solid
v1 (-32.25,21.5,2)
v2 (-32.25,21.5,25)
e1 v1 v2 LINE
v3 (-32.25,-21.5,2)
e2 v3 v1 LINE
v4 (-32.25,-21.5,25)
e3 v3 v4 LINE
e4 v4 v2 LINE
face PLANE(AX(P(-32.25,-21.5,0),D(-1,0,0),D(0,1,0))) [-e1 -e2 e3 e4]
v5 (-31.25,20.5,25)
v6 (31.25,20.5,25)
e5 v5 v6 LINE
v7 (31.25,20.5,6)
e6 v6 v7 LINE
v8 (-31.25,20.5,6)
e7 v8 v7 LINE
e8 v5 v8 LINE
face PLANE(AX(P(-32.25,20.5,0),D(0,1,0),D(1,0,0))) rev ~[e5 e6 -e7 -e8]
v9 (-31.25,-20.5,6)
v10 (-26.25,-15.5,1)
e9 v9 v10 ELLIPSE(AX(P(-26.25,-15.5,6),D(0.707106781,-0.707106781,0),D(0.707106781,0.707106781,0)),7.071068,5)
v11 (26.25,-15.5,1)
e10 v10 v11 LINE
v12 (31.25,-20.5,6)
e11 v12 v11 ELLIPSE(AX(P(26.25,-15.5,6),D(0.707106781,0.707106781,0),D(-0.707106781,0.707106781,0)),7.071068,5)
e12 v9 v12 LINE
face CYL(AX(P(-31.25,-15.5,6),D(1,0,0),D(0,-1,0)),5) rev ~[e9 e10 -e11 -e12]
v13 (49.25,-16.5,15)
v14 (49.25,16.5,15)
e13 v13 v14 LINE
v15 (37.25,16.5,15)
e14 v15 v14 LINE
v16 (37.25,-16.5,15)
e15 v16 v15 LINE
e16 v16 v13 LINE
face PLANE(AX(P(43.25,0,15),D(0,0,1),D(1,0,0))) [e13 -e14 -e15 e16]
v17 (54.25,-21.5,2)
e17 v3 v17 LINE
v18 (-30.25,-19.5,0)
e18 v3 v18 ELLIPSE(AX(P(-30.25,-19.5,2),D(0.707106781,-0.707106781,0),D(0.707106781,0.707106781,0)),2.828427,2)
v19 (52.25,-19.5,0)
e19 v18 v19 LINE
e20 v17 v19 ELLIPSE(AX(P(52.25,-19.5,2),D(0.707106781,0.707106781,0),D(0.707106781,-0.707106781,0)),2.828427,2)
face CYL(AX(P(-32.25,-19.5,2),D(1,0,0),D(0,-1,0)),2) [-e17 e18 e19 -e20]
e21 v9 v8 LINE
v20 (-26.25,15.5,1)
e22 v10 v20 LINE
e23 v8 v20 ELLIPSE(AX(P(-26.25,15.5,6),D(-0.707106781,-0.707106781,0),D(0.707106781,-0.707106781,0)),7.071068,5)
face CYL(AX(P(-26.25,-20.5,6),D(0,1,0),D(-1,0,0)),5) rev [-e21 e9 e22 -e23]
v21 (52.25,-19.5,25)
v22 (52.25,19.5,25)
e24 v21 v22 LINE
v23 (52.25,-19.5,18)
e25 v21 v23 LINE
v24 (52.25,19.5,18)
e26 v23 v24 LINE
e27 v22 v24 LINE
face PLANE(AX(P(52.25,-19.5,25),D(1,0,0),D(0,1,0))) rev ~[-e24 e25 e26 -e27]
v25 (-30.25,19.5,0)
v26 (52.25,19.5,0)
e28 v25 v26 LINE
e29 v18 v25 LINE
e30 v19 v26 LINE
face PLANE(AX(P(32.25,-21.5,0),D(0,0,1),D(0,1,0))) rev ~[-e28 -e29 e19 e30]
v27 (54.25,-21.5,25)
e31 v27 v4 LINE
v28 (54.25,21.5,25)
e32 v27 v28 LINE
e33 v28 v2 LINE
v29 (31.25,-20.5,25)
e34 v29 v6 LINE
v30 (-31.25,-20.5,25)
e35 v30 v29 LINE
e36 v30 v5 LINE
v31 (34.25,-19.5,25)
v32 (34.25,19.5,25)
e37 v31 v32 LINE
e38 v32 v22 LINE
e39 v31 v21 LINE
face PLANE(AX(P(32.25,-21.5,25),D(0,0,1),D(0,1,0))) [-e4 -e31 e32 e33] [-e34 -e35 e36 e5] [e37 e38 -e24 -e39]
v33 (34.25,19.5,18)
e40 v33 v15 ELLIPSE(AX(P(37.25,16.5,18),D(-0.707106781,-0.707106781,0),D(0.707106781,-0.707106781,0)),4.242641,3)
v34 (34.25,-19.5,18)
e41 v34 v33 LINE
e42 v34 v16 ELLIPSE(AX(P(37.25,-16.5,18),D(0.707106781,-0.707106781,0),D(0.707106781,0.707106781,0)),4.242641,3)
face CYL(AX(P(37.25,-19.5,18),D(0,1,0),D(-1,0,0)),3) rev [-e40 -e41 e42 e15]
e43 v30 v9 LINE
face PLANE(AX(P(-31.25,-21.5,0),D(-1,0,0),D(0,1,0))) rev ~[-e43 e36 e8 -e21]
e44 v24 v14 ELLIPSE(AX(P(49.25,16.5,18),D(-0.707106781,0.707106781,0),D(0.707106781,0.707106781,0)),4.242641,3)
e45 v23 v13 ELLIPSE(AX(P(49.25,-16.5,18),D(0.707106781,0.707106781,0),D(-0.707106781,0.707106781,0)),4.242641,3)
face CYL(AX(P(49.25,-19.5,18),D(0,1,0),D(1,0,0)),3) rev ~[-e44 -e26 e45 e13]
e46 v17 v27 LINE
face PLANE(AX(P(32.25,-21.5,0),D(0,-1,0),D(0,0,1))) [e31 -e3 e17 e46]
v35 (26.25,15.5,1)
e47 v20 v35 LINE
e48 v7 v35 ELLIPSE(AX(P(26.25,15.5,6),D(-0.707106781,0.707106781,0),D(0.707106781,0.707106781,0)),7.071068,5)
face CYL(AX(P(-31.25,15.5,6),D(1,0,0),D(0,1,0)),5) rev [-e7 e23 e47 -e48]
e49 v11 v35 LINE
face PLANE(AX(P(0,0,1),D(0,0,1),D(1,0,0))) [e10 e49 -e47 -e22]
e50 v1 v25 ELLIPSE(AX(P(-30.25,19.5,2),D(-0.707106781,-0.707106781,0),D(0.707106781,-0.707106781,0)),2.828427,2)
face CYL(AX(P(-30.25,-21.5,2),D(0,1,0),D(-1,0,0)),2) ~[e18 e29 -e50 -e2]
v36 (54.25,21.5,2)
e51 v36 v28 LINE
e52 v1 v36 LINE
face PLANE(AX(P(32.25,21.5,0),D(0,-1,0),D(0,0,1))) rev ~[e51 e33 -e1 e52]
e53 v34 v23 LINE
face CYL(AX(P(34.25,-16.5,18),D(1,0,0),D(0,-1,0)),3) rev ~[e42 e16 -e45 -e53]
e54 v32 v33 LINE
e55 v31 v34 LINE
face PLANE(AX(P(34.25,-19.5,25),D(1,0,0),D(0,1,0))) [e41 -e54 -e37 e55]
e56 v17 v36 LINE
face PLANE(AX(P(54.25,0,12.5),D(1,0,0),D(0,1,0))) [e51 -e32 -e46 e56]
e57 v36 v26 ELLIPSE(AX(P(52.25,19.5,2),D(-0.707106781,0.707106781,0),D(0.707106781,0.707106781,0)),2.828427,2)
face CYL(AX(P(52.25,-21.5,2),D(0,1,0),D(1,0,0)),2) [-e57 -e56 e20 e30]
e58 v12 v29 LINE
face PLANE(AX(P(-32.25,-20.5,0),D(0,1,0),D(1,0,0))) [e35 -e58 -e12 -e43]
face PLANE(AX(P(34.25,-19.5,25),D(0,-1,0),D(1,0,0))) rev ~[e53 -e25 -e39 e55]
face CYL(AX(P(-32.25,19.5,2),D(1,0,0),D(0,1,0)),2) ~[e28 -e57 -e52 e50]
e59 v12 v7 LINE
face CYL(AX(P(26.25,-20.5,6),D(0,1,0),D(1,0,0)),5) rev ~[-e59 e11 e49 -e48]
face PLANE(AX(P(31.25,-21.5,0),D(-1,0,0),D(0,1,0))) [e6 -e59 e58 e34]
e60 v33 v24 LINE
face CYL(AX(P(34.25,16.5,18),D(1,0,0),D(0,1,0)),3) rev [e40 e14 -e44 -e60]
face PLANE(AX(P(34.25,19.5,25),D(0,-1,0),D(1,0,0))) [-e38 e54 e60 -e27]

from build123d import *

# Parameters (mm, degrees)
SKETCH002_W     = 64.5
SKETCH002_H     = 43
PAD001_DEPTH    = 25
THICKNESS_T     = -1
FILLET001_R     = 5
SKETCH008_W     = 43
SKETCH008_H     = 25
PAD006_DEPTH    = 22
SKETCH009_W     = 18
SKETCH009_H     = 39
POCKET002_DEPTH = 10
FILLET005_R     = 3
FILLET006_R     = 2


with BuildPart() as part:
    # Sketch002 → Pad001 (new body)
    with BuildSketch(Plane.XY):
        Rectangle(SKETCH002_W, SKETCH002_H)
    extrude(amount=PAD001_DEPTH)

    # Thickness
    thickness_openings = [part.faces().sort_by_distance(p)[0] for p in [
        (0, 0, 25),
    ]]
    offset(amount=THICKNESS_T, openings=thickness_openings)

    # Fillet001
    fillet001_edges = [part.edges().sort_by_distance(p)[0] for p in [
        (0, 20.5, 1),
        (31.25, 0, 1),
        (0, -20.5, 1),
        (-31.25, 0, 1),
    ]]
    fillet(fillet001_edges, radius=FILLET001_R)

    # Sketch008 (on DatumPlane) → Pad006 (join)
    with BuildSketch(Plane.YZ.offset(32.25)):
        with Locations((0, 12.5)):
            Rectangle(SKETCH008_W, SKETCH008_H)
    extrude(amount=PAD006_DEPTH)

    # Sketch009 (on DatumPlane) → Pocket002 (cut)
    with BuildSketch(Plane.XY.offset(25)):
        with Locations((43.25, 0)):
            Rectangle(SKETCH009_W, SKETCH009_H)
    extrude(amount=-POCKET002_DEPTH, mode=Mode.SUBTRACT)

    # Fillet005
    fillet005_edges = [part.edges().sort_by_distance(p)[0] for p in [
        (43.25, 19.5, 15),
        (52.25, 0, 15),
        (43.25, -19.5, 15),
        (34.25, 0, 15),
    ]]
    fillet(fillet005_edges, radius=FILLET005_R)

    # Fillet006
    fillet006_edges = [part.edges().sort_by_distance(p)[0] for p in [
        (0, 21.5, 0),
        (32.25, 0, 0),
        (0, -21.5, 0),
        (-32.25, 0, 0),
        (43.25, 21.5, 0),
        (43.25, -21.5, 0),
        (54.25, 0, 0),
    ]]
    fillet(fillet006_edges, radius=FILLET006_R)


solid = part.part
